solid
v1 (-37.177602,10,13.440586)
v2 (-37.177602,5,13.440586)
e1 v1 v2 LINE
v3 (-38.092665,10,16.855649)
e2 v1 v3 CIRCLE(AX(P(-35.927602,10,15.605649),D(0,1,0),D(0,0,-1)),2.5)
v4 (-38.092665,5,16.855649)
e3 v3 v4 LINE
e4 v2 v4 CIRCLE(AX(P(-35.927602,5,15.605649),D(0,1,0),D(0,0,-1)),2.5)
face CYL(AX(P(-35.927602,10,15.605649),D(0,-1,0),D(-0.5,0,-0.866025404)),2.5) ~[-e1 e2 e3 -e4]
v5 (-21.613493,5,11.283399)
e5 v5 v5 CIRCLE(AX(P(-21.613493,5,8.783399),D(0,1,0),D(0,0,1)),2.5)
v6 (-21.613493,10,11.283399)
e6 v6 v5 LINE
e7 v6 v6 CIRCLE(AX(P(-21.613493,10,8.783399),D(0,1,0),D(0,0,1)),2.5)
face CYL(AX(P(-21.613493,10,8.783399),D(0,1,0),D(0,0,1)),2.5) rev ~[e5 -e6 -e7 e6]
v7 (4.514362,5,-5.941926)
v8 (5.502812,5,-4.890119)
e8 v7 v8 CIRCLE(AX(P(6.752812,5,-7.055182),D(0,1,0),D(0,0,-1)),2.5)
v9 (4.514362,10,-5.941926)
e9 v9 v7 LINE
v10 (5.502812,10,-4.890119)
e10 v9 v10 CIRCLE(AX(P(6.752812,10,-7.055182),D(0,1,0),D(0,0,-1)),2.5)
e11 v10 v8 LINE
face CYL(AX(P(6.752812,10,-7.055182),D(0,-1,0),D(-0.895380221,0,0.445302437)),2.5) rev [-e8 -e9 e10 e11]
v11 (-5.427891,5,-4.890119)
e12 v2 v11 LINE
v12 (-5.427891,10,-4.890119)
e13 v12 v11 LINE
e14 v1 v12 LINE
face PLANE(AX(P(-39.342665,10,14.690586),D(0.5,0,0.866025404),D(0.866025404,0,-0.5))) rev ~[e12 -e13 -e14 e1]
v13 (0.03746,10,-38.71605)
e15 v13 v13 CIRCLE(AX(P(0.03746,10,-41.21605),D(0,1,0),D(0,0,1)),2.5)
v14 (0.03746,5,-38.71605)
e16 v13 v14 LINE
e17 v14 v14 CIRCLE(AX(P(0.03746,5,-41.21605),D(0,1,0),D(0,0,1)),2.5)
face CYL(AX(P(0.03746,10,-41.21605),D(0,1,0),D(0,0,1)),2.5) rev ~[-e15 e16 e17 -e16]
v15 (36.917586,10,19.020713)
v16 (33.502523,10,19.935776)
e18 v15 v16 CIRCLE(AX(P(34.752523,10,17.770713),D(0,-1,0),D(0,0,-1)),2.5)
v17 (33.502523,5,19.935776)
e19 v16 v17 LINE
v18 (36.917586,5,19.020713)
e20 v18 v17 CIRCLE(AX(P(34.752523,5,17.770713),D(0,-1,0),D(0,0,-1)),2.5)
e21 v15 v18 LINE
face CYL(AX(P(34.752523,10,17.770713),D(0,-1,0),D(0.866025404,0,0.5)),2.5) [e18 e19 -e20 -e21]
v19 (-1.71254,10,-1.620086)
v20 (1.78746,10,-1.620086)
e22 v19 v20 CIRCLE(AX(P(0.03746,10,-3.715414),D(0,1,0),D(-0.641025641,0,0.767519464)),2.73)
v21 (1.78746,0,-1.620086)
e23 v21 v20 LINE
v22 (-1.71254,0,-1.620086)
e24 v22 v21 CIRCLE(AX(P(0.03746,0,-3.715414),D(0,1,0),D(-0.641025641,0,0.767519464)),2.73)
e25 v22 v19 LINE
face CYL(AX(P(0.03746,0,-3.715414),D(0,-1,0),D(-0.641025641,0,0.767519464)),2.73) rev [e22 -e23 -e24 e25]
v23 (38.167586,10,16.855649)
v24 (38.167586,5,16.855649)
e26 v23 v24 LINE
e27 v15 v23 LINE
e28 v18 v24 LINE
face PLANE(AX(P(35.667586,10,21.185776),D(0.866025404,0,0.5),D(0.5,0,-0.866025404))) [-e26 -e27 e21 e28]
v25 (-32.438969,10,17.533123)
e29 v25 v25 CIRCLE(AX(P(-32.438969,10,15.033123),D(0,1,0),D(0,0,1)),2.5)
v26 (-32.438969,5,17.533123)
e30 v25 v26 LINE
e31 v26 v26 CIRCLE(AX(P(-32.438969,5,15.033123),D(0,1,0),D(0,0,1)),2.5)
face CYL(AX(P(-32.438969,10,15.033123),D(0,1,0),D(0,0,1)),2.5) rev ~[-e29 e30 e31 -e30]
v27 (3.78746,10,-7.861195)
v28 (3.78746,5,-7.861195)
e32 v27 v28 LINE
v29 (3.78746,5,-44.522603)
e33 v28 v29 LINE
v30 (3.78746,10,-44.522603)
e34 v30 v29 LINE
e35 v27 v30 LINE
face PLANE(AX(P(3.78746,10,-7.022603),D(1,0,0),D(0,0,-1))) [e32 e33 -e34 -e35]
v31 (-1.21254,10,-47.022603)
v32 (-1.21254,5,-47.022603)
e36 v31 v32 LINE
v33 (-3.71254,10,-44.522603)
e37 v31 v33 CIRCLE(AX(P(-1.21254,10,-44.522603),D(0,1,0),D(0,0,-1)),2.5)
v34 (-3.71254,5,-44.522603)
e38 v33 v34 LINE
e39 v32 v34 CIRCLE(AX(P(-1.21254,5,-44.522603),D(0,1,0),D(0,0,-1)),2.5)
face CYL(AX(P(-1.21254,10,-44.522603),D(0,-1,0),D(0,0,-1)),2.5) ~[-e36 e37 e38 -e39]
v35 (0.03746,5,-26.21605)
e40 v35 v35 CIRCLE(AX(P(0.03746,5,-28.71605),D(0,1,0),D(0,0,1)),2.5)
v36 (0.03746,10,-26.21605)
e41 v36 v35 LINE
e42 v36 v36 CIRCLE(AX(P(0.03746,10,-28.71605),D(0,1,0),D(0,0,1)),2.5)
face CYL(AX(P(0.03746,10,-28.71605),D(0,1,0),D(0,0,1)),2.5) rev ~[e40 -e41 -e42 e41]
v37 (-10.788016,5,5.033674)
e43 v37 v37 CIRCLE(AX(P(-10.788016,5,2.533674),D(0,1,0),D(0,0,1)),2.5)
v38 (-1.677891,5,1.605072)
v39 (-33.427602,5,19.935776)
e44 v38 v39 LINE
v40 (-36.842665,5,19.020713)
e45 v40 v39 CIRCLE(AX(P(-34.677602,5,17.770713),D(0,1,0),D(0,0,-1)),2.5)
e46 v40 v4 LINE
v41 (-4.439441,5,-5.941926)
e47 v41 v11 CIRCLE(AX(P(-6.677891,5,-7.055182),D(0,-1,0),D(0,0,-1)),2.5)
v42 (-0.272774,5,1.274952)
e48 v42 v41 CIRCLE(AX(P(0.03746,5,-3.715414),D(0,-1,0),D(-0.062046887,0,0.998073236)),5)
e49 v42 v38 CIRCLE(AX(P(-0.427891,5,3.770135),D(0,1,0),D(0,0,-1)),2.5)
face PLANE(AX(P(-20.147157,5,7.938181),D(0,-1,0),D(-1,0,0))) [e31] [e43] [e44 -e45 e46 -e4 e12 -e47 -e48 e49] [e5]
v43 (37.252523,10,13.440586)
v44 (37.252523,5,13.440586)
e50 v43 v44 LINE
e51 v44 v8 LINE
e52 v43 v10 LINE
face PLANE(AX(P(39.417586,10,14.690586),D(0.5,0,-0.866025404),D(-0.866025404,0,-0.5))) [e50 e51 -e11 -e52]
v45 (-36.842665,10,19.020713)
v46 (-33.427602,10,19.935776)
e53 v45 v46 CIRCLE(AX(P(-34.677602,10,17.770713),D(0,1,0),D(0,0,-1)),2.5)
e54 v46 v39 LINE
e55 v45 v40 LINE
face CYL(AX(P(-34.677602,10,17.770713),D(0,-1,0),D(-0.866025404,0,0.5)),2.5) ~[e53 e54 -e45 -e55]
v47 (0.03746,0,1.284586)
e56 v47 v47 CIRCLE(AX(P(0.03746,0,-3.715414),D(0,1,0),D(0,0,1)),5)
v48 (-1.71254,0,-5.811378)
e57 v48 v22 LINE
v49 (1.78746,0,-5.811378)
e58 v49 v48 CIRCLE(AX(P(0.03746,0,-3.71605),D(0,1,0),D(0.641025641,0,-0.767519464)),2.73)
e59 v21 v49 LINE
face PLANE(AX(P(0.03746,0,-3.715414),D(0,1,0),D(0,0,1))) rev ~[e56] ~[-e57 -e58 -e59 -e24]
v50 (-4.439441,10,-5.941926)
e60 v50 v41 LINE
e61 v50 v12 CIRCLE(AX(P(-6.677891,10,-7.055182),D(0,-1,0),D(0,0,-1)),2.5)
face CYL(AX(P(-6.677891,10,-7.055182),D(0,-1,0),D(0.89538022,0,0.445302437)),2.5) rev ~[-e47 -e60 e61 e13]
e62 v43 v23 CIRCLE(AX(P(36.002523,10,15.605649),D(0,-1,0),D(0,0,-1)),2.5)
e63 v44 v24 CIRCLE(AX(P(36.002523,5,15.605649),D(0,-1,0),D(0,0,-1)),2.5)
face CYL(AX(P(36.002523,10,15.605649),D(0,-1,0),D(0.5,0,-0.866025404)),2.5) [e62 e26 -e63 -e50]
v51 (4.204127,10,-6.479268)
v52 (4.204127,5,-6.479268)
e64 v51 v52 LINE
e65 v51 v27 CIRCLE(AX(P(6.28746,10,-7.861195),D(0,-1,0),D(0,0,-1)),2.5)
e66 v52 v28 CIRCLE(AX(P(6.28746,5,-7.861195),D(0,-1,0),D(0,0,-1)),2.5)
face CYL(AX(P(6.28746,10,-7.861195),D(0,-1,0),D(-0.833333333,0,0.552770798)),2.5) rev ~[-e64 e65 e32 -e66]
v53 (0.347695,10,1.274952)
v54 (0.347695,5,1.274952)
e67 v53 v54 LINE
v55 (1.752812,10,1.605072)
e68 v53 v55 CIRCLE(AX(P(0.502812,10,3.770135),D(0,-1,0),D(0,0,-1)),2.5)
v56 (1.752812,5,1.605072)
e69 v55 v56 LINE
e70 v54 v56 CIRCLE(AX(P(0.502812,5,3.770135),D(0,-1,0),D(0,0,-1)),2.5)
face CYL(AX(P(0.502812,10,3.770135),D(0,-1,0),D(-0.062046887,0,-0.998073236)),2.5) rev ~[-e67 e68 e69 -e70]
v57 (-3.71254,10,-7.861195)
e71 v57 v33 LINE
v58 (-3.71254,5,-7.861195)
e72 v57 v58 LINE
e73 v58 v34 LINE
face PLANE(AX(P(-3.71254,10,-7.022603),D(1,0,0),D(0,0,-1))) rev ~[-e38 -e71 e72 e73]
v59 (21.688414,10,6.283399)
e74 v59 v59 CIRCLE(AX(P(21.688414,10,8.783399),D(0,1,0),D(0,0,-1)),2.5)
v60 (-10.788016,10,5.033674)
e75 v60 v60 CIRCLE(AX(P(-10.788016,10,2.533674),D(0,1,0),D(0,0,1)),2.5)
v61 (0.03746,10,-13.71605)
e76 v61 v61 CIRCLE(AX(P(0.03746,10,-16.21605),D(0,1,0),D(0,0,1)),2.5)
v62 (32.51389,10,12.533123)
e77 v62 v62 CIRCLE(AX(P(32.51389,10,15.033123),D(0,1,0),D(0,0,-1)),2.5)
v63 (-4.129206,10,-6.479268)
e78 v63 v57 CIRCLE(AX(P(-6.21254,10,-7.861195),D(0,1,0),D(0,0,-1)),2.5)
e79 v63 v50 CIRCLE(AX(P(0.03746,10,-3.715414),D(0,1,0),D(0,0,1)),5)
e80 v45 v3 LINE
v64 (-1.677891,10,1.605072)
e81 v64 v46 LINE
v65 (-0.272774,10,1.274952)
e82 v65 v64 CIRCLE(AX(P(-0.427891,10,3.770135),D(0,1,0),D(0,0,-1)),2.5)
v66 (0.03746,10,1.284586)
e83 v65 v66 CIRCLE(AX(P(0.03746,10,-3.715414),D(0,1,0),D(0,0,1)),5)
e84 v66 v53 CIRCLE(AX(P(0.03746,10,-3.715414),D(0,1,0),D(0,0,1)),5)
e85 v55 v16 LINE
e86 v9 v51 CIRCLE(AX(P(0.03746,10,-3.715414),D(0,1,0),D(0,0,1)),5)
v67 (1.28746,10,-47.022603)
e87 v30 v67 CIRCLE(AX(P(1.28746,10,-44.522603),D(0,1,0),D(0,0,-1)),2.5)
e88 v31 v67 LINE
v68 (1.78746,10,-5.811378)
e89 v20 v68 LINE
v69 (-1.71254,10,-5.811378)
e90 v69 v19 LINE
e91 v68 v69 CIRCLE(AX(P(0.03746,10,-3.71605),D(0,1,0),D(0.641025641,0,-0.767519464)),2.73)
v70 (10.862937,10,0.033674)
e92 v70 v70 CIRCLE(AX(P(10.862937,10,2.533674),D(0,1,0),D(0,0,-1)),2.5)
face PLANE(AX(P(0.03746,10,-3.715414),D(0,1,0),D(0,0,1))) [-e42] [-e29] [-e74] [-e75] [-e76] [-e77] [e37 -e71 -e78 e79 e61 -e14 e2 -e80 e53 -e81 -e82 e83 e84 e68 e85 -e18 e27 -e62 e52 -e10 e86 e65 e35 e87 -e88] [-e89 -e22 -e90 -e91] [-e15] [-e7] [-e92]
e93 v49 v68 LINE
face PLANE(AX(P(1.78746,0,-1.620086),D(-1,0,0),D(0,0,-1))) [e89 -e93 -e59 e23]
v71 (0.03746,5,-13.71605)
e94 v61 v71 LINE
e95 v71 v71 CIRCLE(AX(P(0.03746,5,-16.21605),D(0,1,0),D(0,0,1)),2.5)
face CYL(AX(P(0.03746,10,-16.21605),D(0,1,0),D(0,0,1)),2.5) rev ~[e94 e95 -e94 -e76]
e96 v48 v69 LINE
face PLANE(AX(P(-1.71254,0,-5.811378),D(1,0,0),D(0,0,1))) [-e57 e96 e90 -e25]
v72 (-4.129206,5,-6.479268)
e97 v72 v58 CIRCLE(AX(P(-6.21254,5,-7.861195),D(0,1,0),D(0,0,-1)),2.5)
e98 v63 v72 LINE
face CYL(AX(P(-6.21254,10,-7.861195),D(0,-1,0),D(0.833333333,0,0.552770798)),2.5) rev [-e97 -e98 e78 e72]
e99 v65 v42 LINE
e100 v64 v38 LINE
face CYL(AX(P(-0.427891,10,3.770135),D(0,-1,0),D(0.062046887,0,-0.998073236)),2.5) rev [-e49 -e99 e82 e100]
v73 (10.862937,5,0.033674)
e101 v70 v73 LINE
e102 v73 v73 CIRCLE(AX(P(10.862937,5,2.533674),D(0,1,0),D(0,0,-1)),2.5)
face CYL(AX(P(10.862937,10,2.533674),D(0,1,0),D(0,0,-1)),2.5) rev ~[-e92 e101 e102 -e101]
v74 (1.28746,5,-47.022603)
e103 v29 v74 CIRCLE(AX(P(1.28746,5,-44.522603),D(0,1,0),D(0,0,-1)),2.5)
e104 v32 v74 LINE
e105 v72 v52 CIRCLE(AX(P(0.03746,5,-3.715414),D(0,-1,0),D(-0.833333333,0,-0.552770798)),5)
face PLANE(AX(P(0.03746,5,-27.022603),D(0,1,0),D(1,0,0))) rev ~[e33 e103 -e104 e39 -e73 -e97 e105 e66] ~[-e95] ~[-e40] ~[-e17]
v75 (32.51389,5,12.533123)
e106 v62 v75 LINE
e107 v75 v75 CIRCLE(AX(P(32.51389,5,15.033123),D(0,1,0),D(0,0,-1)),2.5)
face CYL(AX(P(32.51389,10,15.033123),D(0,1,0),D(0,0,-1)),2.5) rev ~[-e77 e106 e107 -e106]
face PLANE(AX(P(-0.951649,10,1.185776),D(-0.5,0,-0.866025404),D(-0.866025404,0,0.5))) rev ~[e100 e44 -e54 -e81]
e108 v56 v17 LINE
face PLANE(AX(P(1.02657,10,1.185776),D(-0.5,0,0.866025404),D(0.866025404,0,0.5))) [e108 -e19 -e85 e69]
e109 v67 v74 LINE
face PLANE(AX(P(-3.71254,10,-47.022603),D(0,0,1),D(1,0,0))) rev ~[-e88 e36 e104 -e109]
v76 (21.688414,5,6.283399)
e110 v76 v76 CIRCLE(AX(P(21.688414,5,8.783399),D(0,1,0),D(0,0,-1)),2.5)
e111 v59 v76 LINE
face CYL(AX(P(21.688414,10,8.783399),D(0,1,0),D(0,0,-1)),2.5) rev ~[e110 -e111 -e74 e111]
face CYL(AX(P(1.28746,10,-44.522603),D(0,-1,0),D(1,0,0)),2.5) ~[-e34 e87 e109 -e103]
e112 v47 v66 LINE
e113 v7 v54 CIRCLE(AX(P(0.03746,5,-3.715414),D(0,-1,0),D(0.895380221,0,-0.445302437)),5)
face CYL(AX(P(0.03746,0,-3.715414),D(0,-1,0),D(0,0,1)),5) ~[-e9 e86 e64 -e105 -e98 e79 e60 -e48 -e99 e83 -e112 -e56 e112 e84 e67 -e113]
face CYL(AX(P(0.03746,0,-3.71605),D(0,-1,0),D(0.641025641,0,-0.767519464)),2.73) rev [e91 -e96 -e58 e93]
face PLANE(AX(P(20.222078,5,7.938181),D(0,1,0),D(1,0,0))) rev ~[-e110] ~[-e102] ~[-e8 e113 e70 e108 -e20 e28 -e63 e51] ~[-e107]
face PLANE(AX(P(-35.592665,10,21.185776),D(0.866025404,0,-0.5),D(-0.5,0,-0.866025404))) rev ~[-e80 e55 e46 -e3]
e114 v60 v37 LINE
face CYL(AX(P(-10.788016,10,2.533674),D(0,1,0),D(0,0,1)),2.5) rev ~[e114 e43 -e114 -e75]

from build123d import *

# Parameters (mm, degrees)
SKETCH1_R           = 5
BOSS_EXTRUDE1_DEPTH = 10
SKETCH2_W           = 7.5
SKETCH2_H           = 40
BOSS_EXTRUDE4_DEPTH = 5
SKETCH4_R           = 2.5
CUT_EXTRUDE1_DEPTH  = 100
FILLET1_R           = 2.5
FILLET2_R           = 2.5


with BuildPart() as part:
    # Sketch1 → Boss-Extrude1 (new body)
    with BuildSketch(Plane(origin=(0, 0, 0), x_dir=(1, 0, 0), z_dir=(0, 1, 0))):
        with Locations(Location((0.037460471, 3.715413796, 0), (0, 0, 270))):
            Circle(SKETCH1_R)
        with BuildLine():
            ThreePointArc((-1.712539529, 1.62008566), (0.037460471, 0.985413796), (1.787460471, 1.62008566))
            Line((1.787460471, 1.62008566), (1.787460471, 5.811378349))
            ThreePointArc((1.787460471, 5.811378349), (0.037460471, 6.446050212), (-1.712539529, 5.811378349))
            Line((-1.712539529, 5.811378349), (-1.712539529, 1.62008566))
        make_face(mode=Mode.SUBTRACT)
    extrude(amount=BOSS_EXTRUDE1_DEPTH)

    # Sketch2 → Boss-Extrude4 (add)
    with BuildSketch(Plane(origin=(0, 10, 0), x_dir=(1, 0, 0), z_dir=(0, 1, 0))):
        Polygon((4.77657028, 5.309414491), (1.02657028, -1.185776038), (35.667586431, -21.185776038), (39.417586431, -14.690585509), align=None)
        with Locations((0.037460471, 27.022602935)):
            Rectangle(SKETCH2_W, SKETCH2_H)
        Polygon((-4.701649339, 5.309414491), (-0.951649339, -1.185776038), (-35.59266549, -21.185776038), (-39.34266549, -14.690585509), align=None)
    extrude(amount=-BOSS_EXTRUDE4_DEPTH)

    # Sketch4 → Cut-Extrude1 (cut)
    with BuildSketch(Plane(origin=(0, 10, 0), x_dir=(1, 0, 0), z_dir=(0, 1, 0))):
        with Locations(Location((0.037460471, 16.216050212, 0), (0, 0, 270))):
            Circle(SKETCH4_R)
        with Locations(Location((0.037460471, 28.716050212, 0), (0, 0, 270))):
            Circle(SKETCH4_R)
        with Locations(Location((0.037460471, 41.216050212, 0), (0, 0, 270))):
            Circle(SKETCH4_R)
        with Locations(Location((-10.788016154, -2.533674249, 0), (0, 0, 270))):
            Circle(SKETCH4_R)
        with Locations(Location((-21.613492779, -8.78339871, 0), (0, 0, 270))):
            Circle(SKETCH4_R)
        with Locations(Location((-32.438969404, -15.033123172, 0), (0, 0, 270))):
            Circle(SKETCH4_R)
        with Locations(Location((10.862937095, -2.533674249, 0), (0, 0, 90))):
            Circle(SKETCH4_R)
        with Locations(Location((21.68841372, -8.78339871, 0), (0, 0, 90))):
            Circle(SKETCH4_R)
        with Locations(Location((32.513890345, -15.033123172, 0), (0, 0, 90))):
            Circle(SKETCH4_R)
    extrude(amount=-CUT_EXTRUDE1_DEPTH, mode=Mode.SUBTRACT)

    # Fillet1
    fillet1_edges = [part.edges().sort_by_distance(p)[0] for p in [
        (4.77657028, 7.5, -5.309414491),
        (1.02657028, 7.5, 1.185776038),
        (-3.712539529, 7.5, -7.022602935),
        (3.787460471, 7.5, -7.022602935),
        (-4.701649339, 7.5, -5.309414491),
        (-0.951649339, 7.5, 1.185776038),
    ]]
    fillet(fillet1_edges, radius=FILLET1_R)

    # Fillet2
    fillet2_edges = [part.edges().sort_by_distance(p)[0] for p in [
        (39.417586431, 7.5, 14.690585509),
        (35.667586431, 7.5, 21.185776038),
        (-3.712539529, 7.5, -47.022602935),
        (3.787460471, 7.5, -47.022602935),
        (-39.34266549, 7.5, 14.690585509),
        (-35.59266549, 7.5, 21.185776038),
    ]]
    fillet(fillet2_edges, radius=FILLET2_R)


solid = part.part
